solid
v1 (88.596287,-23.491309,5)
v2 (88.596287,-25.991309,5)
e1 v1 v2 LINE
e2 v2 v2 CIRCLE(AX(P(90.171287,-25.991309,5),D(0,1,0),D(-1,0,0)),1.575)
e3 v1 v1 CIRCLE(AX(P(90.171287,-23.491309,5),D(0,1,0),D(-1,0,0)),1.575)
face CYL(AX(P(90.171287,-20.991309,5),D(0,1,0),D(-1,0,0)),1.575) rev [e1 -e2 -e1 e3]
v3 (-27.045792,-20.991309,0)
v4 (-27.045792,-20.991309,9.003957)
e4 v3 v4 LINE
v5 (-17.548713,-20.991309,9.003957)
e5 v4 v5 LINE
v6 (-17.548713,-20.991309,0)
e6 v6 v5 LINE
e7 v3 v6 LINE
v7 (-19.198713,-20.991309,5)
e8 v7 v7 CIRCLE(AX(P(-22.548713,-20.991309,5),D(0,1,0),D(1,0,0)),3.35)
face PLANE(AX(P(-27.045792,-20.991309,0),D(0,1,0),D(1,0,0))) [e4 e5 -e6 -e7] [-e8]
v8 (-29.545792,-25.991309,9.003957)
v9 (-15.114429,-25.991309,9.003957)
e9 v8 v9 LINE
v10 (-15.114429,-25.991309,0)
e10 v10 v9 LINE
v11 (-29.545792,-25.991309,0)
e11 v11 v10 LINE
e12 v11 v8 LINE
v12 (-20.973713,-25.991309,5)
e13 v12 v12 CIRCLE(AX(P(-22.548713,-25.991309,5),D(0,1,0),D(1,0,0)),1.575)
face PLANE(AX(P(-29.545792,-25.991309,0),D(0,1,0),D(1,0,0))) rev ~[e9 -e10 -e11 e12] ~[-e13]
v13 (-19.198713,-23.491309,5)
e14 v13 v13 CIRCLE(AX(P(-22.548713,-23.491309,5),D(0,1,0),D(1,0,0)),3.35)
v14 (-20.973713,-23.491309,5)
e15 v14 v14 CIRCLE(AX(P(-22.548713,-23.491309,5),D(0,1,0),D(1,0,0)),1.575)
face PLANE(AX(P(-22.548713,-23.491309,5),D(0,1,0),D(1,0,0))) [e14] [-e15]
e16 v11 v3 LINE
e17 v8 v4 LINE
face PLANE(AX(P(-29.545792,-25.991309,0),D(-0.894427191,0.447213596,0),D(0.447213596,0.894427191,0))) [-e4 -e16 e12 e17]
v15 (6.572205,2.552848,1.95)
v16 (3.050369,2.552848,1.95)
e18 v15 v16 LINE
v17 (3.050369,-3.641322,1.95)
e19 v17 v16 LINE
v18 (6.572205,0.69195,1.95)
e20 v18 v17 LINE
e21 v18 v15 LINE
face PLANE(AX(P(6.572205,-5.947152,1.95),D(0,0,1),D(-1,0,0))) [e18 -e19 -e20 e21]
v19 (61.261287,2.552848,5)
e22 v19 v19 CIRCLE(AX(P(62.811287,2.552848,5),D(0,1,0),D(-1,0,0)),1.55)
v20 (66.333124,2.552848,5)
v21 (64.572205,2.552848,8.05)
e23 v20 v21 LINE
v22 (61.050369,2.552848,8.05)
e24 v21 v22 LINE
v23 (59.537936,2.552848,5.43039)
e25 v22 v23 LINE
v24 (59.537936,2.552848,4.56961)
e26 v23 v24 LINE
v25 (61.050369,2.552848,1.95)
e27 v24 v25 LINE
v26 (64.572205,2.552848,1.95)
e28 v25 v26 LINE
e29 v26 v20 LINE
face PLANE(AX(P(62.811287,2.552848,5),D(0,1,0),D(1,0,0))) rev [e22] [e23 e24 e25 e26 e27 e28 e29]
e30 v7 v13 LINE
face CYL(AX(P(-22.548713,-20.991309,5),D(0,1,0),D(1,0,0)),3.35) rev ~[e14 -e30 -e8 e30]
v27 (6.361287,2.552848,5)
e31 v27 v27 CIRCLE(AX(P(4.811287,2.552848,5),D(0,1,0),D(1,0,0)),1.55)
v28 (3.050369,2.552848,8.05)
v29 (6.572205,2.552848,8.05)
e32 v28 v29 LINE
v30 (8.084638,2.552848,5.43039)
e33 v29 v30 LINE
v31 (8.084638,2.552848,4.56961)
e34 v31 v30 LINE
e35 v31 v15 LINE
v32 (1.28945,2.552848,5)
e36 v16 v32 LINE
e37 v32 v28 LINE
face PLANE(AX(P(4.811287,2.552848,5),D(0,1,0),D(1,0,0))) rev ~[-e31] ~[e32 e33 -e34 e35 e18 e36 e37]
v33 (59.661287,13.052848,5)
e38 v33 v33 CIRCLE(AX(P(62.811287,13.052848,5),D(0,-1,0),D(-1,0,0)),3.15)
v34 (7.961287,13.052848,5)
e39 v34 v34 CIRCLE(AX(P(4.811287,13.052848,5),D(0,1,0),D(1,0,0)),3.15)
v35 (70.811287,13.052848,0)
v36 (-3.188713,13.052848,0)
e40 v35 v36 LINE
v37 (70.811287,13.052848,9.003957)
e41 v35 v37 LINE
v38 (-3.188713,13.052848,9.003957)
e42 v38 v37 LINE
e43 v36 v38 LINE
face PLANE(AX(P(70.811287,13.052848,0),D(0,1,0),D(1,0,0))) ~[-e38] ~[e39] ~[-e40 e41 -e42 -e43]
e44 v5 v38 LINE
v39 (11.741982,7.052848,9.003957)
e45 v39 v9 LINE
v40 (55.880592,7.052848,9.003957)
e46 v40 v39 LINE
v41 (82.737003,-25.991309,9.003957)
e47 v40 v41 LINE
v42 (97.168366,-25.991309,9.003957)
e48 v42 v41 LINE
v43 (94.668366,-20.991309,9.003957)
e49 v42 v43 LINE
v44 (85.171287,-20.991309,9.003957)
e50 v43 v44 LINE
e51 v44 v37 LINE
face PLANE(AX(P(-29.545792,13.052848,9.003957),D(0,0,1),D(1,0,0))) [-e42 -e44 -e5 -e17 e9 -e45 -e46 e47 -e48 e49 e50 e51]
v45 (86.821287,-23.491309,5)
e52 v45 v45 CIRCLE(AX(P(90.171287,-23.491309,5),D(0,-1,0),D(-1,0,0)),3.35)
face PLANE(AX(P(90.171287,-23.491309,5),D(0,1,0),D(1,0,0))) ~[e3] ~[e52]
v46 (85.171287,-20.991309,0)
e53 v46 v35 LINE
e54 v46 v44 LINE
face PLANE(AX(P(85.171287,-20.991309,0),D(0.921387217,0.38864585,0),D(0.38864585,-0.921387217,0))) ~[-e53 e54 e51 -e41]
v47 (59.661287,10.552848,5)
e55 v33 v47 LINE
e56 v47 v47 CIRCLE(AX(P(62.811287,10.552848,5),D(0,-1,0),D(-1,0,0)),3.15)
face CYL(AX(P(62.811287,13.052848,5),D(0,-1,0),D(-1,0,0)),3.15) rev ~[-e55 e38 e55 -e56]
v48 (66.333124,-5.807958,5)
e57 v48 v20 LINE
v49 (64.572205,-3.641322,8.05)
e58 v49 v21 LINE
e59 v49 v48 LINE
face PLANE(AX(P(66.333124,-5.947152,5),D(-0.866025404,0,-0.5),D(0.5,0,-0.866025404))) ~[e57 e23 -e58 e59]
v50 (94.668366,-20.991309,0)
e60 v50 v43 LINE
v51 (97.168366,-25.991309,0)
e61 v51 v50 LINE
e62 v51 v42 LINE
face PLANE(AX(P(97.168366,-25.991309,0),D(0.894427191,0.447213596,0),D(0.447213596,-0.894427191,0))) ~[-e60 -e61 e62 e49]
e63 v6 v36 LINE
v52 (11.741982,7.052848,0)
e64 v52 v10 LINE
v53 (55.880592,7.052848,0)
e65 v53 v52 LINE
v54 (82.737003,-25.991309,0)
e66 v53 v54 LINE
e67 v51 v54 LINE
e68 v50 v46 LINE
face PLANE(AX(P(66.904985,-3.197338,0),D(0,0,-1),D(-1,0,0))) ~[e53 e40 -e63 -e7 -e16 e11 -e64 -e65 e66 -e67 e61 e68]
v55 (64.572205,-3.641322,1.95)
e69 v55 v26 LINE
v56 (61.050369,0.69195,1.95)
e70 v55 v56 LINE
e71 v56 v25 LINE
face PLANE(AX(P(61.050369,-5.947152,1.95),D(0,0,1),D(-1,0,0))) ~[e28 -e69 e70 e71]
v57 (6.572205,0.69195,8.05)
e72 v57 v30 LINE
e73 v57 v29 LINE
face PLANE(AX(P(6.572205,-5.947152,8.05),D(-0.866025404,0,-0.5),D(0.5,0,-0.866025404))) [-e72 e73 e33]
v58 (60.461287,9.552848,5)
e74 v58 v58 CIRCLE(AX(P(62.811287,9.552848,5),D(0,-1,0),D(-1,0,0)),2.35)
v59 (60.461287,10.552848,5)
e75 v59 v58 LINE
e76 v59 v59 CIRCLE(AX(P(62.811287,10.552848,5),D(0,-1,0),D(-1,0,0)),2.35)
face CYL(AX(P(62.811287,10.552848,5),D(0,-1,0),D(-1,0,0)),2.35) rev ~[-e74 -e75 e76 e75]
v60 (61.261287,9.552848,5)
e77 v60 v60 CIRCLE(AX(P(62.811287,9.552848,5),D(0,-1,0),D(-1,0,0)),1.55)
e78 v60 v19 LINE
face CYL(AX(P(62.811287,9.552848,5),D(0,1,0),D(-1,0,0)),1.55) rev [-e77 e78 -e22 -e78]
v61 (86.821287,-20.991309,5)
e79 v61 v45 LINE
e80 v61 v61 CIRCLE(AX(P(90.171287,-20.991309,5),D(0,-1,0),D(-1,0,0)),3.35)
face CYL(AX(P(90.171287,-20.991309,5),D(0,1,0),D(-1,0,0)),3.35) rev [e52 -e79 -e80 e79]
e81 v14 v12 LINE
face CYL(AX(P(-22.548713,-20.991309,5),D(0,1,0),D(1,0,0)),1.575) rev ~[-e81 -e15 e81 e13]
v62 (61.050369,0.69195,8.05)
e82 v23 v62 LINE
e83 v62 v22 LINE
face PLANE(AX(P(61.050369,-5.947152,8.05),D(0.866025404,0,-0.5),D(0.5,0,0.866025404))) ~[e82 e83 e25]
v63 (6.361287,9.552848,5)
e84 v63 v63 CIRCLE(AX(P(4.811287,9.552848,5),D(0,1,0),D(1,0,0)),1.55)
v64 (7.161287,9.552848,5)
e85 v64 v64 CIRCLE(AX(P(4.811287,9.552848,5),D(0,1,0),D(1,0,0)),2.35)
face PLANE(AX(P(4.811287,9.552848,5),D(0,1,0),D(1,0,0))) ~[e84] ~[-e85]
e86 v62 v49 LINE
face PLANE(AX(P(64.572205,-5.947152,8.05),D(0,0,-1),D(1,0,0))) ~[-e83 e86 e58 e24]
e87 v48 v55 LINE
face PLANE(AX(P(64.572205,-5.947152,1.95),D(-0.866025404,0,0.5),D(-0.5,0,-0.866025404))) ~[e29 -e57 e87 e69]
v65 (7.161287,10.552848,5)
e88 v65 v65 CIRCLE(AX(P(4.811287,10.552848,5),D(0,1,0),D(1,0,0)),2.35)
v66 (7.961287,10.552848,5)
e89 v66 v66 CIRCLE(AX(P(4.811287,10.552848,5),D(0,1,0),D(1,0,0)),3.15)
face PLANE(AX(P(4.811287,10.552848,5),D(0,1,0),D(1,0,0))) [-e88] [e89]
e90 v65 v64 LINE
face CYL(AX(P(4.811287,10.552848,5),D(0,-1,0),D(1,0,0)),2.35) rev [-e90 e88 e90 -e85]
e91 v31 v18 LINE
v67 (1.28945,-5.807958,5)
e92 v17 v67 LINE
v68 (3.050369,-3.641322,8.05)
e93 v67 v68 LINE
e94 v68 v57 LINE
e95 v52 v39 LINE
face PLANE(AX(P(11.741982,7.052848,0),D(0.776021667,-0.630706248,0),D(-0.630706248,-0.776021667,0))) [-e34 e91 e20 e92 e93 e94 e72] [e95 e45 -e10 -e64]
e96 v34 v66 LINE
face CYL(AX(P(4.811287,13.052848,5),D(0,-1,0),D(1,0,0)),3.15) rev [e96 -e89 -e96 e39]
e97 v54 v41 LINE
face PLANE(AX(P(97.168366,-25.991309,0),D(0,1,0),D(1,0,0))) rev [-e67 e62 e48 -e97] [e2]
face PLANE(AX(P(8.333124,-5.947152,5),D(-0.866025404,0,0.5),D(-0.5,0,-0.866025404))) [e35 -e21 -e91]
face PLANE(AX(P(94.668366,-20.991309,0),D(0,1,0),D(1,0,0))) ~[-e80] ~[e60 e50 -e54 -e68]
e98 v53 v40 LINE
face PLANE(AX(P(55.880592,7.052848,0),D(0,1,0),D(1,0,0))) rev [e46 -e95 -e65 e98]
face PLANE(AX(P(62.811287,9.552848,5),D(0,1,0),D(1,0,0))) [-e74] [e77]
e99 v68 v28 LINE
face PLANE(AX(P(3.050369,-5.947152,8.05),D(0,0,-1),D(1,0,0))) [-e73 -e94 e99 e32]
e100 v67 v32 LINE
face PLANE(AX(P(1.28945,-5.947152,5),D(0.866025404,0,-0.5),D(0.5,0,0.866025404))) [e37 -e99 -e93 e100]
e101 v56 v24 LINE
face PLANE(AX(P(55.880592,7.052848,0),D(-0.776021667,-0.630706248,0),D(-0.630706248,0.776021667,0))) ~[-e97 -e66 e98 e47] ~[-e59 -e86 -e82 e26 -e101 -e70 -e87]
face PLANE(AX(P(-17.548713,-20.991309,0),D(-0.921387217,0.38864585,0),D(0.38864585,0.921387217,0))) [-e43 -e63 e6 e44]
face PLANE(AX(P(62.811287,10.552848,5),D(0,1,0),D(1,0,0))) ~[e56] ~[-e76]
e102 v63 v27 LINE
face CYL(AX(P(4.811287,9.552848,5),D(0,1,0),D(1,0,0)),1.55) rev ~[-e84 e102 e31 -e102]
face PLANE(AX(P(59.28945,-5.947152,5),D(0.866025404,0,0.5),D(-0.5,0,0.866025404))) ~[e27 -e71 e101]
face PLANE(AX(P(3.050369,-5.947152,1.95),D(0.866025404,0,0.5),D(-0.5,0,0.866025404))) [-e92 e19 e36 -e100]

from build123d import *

# Parameters (mm, degrees)
EXTRUDE_1_DEPTH      = 10
SKETCH_7_R           = 1.55
CUT_EXTRUDE_1_DEPTH  = 36.544157215
CUT_EXTRUDE_2_DEPTH  = 8.5
SKETCH_14_R          = 1.575
CUT_EXTRUDE_10_DEPTH = 10
SKETCH_15_R          = 3.35
CUT_EXTRUDE_11_DEPTH = 2.5
SKETCH_19_W          = 126.714157214
SKETCH_19_H          = 0.99604336
CUT_EXTRUDE_14_DEPTH = 40.044157215


with BuildPart() as part:
    # 草图1 → 凸台-拉伸1 (new body)
    with BuildSketch(Plane.XY):
        Polygon((-3.188712924, 13.052848472), (33.811287076, 13.052848472), (33.811287076, 7.052848472), (15.60198174, 7.052848472), (11.74198174, 7.052848472), (-15.114428715, -25.991308743), (-17.614428715, -25.991308743), (-29.545791531, -25.991308743), (-27.045791531, -20.991308743), (-17.548712924, -20.991308743), align=None)
    extrude_1 = extrude(amount=EXTRUDE_1_DEPTH)

    # 镜向1: 凸台-拉伸1 across plane
    add(extrude_1.mirror(Plane(origin=(33.811287076, 13.052848472, 10), x_dir=(0, 0, 1), z_dir=(-1, 0, 0))))

    # 草图5 → 切除-旋转7 (revolve, cut)
    with BuildSketch(Plane.XY.offset(5)):
        Polygon((7.961287076, 13.052848472), (7.961287076, 10.552848472), (7.161287076, 10.552848472), (7.161287076, 9.552848472), (6.361287076, 9.552848472), (4.811287076, 9.552848472), (4.811287076, 13.052848472), align=None)
    cut_revolve_7 = revolve(axis=Axis((4.811287076, 9.552848472, 5), (0, 1, 0)), mode=Mode.SUBTRACT)

    # 草图7 → 切除-拉伸1 (cut, through all)
    with BuildSketch(Plane(origin=(0, 9.552848472, 0), x_dir=(1, 0, 0), z_dir=(0, 1, 0))):
        with Locations((4.811287076, -5)):
            Circle(SKETCH_7_R)
    cut_extrude_1 = extrude(amount=-CUT_EXTRUDE_1_DEPTH, mode=Mode.SUBTRACT)

    # 草图8 → 切除-拉伸2 (cut)
    with BuildSketch(Plane(origin=(0, -5.947151528, 0), x_dir=(1, 0, 0), z_dir=(0, 1, 0))):
        Polygon((8.333123718, -5), (6.572205397, -1.95), (3.050368755, -1.95), (1.289450434, -5), (3.050368755, -8.05), (6.572205397, -8.05), align=None)
    cut_extrude_2 = extrude(amount=CUT_EXTRUDE_2_DEPTH, mode=Mode.SUBTRACT)

    # 草图14 → 切除-拉伸10 (cut)
    with BuildSketch(Plane(origin=(0, -20.991308743, 0), x_dir=(1, 0, 0), z_dir=(0, 1, 0))):
        with Locations((-22.548712924, -5)):
            Circle(SKETCH_14_R)
    cut_extrude_10 = extrude(amount=-CUT_EXTRUDE_10_DEPTH, mode=Mode.SUBTRACT)

    # 草图15 → 切除-拉伸11 (cut)
    with BuildSketch(Plane(origin=(0, -20.991308743, 0), x_dir=(1, 0, 0), z_dir=(0, 1, 0))):
        with Locations((-22.548712924, -5)):
            Circle(SKETCH_15_R)
    cut_extrude_11 = extrude(amount=-CUT_EXTRUDE_11_DEPTH, mode=Mode.SUBTRACT)

    # 镜向3: 切除-旋转7, 切除-拉伸1, 切除-拉伸2, 切除-拉伸10, 切除-拉伸11 across plane
    add(cut_revolve_7.mirror(Plane(origin=(33.811287076, 0, 0), x_dir=(0, 0, 1), z_dir=(1, 0, 0))), mode=Mode.SUBTRACT)
    add(cut_extrude_1.mirror(Plane(origin=(33.811287076, 0, 0), x_dir=(0, 0, 1), z_dir=(1, 0, 0))), mode=Mode.SUBTRACT)
    add(cut_extrude_2.mirror(Plane(origin=(33.811287076, 0, 0), x_dir=(0, 0, 1), z_dir=(1, 0, 0))), mode=Mode.SUBTRACT)
    add(cut_extrude_10.mirror(Plane(origin=(33.811287076, 0, 0), x_dir=(0, 0, 1), z_dir=(1, 0, 0))), mode=Mode.SUBTRACT)
    add(cut_extrude_11.mirror(Plane(origin=(33.811287076, 0, 0), x_dir=(0, 0, 1), z_dir=(1, 0, 0))), mode=Mode.SUBTRACT)

    # 草图19 → 切除-拉伸14 (cut, through all)
    with BuildSketch(Plane(origin=(0, 13.052848472, 0), x_dir=(1, 0, 0), z_dir=(0, 1, 0))):
        with Locations((33.811287076, -9.50197832)):
            Rectangle(SKETCH_19_W, SKETCH_19_H)
    extrude(amount=-CUT_EXTRUDE_14_DEPTH, mode=Mode.SUBTRACT)


solid = part.part
